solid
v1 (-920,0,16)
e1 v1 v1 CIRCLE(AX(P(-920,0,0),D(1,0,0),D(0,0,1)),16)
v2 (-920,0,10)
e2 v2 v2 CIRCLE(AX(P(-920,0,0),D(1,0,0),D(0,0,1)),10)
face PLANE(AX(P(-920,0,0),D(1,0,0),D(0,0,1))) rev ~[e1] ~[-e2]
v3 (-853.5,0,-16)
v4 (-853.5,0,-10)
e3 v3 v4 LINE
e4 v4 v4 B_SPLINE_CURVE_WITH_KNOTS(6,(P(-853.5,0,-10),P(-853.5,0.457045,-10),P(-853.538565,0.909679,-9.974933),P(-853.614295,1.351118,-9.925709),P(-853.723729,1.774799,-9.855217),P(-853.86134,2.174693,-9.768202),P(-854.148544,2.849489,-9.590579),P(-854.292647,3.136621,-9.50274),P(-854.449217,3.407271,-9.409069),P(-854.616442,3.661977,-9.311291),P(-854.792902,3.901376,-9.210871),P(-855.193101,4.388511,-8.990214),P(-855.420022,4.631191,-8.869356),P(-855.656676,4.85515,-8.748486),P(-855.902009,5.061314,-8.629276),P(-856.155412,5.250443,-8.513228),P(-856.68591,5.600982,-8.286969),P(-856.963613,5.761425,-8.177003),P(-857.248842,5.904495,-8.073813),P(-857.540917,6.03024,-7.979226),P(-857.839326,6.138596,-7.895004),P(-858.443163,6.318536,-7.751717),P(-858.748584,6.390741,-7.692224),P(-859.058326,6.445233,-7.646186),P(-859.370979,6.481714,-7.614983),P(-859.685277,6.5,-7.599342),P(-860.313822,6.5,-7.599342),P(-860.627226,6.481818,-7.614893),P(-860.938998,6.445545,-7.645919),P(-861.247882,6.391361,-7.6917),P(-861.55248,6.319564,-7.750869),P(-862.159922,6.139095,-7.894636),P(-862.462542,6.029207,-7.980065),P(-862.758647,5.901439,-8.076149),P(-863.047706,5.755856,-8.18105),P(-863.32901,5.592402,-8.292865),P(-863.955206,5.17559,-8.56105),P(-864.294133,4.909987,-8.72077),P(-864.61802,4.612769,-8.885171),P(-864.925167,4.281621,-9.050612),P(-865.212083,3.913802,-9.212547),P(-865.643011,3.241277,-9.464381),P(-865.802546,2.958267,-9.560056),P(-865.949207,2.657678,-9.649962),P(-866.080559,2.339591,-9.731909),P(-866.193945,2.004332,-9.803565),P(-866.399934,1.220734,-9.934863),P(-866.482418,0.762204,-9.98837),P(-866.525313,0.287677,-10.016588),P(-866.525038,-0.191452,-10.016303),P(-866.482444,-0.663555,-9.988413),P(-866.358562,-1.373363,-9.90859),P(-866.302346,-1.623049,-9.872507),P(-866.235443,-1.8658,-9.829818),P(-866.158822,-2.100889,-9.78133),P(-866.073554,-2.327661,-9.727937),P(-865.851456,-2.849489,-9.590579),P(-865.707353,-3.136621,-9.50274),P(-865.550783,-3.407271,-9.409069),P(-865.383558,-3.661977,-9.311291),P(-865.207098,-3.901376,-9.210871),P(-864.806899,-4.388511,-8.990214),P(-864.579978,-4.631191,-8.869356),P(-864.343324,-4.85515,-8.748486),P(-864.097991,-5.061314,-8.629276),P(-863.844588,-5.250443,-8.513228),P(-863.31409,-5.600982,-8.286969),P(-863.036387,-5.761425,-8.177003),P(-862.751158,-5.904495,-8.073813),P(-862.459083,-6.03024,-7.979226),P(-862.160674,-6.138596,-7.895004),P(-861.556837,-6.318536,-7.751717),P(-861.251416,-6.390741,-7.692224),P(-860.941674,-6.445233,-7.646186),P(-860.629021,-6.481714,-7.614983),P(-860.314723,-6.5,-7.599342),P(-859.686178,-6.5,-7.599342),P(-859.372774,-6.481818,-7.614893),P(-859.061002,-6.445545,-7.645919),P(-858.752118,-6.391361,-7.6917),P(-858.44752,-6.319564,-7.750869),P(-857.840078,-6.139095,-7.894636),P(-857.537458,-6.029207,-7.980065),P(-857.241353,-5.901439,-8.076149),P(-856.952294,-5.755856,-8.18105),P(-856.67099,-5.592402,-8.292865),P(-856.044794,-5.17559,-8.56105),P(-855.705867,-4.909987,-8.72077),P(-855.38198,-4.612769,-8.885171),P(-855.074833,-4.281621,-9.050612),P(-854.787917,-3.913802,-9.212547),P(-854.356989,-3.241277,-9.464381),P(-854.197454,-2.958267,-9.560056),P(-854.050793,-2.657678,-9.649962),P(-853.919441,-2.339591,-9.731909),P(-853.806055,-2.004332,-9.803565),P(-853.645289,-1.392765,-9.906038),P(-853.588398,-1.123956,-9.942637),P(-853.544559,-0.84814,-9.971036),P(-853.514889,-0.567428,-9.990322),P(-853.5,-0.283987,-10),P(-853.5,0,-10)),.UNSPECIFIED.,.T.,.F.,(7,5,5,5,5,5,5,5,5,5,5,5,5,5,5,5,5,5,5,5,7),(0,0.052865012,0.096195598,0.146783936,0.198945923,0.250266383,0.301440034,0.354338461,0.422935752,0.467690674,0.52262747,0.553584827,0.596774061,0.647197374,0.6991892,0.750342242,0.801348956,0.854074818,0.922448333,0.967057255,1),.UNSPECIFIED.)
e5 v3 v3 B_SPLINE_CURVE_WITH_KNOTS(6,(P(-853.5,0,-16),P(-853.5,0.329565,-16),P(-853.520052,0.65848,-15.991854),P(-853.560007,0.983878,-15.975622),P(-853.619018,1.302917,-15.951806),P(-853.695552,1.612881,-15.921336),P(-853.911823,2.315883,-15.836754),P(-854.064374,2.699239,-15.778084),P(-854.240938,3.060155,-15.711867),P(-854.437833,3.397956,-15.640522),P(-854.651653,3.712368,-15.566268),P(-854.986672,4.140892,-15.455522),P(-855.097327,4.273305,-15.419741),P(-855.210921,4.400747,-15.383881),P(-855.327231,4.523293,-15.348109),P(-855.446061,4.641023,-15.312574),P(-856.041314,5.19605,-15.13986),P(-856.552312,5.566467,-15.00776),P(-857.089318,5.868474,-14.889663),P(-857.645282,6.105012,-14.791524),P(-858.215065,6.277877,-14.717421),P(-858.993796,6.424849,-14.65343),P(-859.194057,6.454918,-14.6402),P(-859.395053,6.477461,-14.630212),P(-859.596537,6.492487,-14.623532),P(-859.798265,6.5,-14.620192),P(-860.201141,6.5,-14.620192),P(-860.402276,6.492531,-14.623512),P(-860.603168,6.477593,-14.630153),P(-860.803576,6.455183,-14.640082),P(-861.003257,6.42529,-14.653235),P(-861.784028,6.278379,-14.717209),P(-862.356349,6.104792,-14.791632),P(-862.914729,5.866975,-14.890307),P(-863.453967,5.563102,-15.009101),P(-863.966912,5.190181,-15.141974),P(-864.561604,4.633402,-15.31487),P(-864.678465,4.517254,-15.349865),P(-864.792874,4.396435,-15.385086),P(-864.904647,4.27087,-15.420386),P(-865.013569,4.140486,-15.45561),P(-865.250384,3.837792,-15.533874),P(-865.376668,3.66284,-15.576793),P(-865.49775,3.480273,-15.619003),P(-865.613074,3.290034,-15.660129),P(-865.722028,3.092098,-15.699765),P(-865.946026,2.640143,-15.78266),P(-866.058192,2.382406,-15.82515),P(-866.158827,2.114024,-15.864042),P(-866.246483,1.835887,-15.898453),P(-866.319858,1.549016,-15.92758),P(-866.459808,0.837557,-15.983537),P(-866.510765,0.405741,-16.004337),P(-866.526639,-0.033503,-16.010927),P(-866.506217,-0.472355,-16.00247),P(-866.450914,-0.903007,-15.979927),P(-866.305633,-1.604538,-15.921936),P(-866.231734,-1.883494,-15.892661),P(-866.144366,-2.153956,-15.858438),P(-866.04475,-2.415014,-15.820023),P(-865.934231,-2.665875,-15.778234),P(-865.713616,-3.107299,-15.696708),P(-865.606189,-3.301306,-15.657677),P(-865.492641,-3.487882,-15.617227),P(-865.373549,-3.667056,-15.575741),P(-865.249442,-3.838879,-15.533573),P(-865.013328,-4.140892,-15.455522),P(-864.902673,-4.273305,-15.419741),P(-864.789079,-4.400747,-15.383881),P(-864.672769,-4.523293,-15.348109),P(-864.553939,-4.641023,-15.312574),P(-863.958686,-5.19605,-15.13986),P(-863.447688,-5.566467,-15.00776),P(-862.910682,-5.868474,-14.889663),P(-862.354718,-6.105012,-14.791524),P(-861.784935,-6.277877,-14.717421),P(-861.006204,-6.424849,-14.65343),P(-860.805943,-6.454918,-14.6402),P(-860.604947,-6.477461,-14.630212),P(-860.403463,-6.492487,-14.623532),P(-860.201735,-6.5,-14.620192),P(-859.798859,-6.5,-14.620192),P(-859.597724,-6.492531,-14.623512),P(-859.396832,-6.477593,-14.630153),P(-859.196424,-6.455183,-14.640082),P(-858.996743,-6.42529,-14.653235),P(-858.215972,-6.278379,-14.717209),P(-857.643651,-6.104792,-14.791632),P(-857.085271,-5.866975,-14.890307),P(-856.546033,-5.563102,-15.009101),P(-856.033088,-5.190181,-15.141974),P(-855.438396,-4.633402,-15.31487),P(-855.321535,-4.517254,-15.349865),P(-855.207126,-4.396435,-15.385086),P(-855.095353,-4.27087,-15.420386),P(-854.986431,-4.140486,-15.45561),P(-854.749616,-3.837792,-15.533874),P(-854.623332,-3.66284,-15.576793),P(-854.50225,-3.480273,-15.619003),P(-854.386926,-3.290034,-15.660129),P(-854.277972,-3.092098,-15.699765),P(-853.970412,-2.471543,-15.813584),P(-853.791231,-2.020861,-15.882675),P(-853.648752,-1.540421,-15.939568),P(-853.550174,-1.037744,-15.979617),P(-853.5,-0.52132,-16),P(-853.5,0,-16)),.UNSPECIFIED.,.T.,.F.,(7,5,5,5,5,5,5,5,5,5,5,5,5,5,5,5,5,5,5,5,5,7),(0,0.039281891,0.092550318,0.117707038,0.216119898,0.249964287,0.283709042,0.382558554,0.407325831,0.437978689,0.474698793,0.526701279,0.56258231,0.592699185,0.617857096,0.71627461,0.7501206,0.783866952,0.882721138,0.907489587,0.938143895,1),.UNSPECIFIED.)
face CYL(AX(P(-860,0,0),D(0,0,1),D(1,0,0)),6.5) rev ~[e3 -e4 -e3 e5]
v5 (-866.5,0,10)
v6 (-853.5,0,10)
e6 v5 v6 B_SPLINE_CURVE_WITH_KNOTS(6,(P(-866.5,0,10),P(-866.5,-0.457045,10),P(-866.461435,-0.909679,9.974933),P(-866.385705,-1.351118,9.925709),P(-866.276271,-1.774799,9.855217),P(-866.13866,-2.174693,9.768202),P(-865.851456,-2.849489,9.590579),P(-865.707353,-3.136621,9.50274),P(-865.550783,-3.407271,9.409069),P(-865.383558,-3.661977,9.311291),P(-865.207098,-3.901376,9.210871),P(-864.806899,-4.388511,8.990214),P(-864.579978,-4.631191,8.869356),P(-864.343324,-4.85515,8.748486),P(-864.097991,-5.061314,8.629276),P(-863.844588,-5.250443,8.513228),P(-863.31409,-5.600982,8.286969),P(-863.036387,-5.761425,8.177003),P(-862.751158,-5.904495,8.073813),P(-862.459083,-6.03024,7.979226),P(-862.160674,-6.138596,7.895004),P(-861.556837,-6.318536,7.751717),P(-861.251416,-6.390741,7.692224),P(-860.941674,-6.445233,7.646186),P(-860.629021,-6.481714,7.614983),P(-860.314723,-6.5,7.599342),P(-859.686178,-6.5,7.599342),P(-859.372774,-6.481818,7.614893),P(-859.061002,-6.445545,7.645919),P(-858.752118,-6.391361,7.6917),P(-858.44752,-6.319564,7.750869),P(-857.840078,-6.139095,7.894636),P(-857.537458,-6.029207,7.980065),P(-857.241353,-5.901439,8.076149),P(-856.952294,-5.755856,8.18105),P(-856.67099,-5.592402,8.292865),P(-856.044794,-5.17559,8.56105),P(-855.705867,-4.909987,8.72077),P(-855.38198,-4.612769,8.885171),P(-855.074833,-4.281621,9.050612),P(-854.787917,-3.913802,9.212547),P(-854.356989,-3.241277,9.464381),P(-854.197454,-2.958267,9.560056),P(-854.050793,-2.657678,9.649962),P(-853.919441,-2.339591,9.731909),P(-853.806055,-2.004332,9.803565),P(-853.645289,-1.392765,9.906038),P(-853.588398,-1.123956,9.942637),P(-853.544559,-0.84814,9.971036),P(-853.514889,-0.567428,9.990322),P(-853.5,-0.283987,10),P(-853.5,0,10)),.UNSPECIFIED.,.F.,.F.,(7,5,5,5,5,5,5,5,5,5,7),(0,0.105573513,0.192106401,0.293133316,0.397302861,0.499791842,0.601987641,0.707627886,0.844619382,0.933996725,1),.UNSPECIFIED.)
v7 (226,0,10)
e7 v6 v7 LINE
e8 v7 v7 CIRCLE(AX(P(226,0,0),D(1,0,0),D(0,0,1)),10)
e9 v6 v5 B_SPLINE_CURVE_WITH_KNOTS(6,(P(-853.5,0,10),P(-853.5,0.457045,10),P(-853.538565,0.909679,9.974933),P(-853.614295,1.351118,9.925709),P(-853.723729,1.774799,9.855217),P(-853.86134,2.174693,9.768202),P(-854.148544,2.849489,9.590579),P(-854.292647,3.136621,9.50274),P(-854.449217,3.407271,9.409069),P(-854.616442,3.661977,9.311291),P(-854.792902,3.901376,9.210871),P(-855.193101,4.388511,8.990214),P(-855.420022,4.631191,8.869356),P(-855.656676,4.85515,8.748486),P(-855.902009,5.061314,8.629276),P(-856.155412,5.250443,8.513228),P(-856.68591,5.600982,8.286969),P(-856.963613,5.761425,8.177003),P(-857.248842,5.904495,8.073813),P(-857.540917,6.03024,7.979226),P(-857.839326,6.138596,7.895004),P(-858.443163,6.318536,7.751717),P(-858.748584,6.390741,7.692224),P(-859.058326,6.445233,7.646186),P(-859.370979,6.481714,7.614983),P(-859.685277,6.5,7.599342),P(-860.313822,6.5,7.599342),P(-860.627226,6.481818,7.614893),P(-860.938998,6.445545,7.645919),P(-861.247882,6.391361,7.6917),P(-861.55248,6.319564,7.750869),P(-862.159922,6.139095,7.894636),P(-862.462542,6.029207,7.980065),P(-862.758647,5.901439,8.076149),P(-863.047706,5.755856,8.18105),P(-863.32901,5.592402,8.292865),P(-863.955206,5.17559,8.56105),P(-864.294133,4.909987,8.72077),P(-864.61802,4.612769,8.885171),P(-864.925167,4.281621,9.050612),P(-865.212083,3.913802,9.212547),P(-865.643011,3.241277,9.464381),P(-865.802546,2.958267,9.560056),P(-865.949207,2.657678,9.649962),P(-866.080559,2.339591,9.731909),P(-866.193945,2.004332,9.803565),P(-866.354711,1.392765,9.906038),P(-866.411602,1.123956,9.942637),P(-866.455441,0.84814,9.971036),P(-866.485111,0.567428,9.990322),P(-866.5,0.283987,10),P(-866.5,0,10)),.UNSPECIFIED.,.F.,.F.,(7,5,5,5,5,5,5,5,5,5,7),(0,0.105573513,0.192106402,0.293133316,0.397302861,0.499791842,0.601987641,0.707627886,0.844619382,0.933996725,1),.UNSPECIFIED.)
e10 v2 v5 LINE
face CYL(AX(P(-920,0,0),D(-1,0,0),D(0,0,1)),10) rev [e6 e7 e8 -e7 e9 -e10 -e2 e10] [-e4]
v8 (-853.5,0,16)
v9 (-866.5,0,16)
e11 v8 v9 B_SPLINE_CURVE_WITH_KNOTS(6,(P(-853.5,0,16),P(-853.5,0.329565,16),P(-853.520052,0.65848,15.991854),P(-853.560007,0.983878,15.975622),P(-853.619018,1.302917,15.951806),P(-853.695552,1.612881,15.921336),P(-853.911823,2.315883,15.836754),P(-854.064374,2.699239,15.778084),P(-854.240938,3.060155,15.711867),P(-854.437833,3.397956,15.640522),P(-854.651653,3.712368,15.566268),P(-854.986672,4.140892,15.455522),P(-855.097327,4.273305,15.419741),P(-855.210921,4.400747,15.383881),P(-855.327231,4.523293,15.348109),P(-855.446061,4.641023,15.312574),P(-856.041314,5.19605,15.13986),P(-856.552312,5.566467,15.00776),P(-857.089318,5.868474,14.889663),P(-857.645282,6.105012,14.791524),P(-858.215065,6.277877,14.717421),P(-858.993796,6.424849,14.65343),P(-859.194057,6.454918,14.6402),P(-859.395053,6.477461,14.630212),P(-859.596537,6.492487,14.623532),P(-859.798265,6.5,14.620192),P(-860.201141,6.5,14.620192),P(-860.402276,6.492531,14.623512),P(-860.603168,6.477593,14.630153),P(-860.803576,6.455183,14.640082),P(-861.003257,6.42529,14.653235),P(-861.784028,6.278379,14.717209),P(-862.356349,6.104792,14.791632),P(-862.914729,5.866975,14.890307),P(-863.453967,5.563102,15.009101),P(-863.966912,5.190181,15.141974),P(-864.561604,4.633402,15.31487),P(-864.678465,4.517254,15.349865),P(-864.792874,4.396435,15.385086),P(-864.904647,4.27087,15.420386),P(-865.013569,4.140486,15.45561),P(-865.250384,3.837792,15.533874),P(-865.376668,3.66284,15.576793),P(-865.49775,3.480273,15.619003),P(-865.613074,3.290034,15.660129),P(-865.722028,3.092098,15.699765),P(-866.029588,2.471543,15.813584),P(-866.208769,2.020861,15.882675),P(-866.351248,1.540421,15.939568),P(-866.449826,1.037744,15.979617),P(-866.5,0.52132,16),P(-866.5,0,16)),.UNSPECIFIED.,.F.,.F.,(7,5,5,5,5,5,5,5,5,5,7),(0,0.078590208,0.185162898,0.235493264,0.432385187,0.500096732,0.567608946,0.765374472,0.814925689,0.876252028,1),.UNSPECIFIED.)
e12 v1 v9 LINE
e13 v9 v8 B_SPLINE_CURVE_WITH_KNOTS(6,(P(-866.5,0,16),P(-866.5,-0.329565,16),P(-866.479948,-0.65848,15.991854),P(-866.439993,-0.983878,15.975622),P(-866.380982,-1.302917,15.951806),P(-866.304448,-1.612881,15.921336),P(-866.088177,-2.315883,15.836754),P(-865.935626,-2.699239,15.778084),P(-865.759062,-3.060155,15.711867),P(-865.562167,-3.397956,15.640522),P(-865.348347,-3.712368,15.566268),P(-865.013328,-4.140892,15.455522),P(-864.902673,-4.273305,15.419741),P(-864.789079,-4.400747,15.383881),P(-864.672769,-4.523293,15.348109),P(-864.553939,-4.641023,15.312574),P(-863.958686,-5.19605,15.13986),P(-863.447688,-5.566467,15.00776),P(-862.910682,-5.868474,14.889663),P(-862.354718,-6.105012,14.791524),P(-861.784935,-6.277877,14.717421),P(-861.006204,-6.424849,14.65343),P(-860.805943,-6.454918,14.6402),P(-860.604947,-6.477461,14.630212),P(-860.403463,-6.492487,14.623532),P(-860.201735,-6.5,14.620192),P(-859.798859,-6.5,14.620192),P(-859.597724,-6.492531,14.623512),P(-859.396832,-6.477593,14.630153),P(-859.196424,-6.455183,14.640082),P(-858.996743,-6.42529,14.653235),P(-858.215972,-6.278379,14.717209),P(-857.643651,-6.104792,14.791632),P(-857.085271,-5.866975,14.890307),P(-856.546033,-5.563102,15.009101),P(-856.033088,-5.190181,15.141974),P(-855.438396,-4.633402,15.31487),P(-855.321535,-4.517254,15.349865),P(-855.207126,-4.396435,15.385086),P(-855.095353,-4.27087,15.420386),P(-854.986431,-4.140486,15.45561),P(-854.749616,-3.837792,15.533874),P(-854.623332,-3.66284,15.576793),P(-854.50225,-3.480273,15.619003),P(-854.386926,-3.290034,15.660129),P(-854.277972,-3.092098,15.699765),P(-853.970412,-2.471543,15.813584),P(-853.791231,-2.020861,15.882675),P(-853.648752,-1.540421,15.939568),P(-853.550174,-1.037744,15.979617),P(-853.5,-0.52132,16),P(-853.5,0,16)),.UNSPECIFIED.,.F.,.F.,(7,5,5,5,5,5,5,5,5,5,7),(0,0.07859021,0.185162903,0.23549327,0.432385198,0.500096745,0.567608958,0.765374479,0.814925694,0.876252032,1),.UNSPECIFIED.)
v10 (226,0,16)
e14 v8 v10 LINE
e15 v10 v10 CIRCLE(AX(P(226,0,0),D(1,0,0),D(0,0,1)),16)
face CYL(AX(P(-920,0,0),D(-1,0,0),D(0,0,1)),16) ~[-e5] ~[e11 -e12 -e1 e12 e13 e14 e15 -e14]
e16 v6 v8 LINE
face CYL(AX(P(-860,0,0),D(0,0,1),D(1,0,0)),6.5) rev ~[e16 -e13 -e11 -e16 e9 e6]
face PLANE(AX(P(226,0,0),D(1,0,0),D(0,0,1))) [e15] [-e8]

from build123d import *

# Parameters (mm, degrees)
BOSS_EXTRUDE1_DEPTH      = 226
BOSS_EXTRUDE1_DEPTH_BACK = 920
SKETCH1_R                = 16
SKETCH1_R_2              = 10
SKETCH2_R                = 6.5
CUT_EXTRUDE1_DEPTH       = 29.5


with BuildPart() as part:
    # Sketch1 → Boss-Extrude1 (new, two sides: drawn at the far end of the back side and taken through both)
    with BuildSketch(Plane(origin=(0, 0, 0), x_dir=(0, 0, -1), z_dir=(1, 0, 0)).offset(-BOSS_EXTRUDE1_DEPTH_BACK)):
        with Locations(Location((0, 0, 0), (0, 0, 180))):
            Circle(SKETCH1_R)
        with Locations(Location((0, 0, 0), (0, 0, 180))):
            Circle(SKETCH1_R_2, mode=Mode.SUBTRACT)
    extrude(amount=BOSS_EXTRUDE1_DEPTH + BOSS_EXTRUDE1_DEPTH_BACK)

    # Sketch2 → Cut-Extrude1 (cut, symmetric)
    with BuildSketch(Plane.XY):
        with Locations((-860, 0)):
            Circle(SKETCH2_R)
    extrude(amount=CUT_EXTRUDE1_DEPTH, both=True, mode=Mode.SUBTRACT)


solid = part.part
